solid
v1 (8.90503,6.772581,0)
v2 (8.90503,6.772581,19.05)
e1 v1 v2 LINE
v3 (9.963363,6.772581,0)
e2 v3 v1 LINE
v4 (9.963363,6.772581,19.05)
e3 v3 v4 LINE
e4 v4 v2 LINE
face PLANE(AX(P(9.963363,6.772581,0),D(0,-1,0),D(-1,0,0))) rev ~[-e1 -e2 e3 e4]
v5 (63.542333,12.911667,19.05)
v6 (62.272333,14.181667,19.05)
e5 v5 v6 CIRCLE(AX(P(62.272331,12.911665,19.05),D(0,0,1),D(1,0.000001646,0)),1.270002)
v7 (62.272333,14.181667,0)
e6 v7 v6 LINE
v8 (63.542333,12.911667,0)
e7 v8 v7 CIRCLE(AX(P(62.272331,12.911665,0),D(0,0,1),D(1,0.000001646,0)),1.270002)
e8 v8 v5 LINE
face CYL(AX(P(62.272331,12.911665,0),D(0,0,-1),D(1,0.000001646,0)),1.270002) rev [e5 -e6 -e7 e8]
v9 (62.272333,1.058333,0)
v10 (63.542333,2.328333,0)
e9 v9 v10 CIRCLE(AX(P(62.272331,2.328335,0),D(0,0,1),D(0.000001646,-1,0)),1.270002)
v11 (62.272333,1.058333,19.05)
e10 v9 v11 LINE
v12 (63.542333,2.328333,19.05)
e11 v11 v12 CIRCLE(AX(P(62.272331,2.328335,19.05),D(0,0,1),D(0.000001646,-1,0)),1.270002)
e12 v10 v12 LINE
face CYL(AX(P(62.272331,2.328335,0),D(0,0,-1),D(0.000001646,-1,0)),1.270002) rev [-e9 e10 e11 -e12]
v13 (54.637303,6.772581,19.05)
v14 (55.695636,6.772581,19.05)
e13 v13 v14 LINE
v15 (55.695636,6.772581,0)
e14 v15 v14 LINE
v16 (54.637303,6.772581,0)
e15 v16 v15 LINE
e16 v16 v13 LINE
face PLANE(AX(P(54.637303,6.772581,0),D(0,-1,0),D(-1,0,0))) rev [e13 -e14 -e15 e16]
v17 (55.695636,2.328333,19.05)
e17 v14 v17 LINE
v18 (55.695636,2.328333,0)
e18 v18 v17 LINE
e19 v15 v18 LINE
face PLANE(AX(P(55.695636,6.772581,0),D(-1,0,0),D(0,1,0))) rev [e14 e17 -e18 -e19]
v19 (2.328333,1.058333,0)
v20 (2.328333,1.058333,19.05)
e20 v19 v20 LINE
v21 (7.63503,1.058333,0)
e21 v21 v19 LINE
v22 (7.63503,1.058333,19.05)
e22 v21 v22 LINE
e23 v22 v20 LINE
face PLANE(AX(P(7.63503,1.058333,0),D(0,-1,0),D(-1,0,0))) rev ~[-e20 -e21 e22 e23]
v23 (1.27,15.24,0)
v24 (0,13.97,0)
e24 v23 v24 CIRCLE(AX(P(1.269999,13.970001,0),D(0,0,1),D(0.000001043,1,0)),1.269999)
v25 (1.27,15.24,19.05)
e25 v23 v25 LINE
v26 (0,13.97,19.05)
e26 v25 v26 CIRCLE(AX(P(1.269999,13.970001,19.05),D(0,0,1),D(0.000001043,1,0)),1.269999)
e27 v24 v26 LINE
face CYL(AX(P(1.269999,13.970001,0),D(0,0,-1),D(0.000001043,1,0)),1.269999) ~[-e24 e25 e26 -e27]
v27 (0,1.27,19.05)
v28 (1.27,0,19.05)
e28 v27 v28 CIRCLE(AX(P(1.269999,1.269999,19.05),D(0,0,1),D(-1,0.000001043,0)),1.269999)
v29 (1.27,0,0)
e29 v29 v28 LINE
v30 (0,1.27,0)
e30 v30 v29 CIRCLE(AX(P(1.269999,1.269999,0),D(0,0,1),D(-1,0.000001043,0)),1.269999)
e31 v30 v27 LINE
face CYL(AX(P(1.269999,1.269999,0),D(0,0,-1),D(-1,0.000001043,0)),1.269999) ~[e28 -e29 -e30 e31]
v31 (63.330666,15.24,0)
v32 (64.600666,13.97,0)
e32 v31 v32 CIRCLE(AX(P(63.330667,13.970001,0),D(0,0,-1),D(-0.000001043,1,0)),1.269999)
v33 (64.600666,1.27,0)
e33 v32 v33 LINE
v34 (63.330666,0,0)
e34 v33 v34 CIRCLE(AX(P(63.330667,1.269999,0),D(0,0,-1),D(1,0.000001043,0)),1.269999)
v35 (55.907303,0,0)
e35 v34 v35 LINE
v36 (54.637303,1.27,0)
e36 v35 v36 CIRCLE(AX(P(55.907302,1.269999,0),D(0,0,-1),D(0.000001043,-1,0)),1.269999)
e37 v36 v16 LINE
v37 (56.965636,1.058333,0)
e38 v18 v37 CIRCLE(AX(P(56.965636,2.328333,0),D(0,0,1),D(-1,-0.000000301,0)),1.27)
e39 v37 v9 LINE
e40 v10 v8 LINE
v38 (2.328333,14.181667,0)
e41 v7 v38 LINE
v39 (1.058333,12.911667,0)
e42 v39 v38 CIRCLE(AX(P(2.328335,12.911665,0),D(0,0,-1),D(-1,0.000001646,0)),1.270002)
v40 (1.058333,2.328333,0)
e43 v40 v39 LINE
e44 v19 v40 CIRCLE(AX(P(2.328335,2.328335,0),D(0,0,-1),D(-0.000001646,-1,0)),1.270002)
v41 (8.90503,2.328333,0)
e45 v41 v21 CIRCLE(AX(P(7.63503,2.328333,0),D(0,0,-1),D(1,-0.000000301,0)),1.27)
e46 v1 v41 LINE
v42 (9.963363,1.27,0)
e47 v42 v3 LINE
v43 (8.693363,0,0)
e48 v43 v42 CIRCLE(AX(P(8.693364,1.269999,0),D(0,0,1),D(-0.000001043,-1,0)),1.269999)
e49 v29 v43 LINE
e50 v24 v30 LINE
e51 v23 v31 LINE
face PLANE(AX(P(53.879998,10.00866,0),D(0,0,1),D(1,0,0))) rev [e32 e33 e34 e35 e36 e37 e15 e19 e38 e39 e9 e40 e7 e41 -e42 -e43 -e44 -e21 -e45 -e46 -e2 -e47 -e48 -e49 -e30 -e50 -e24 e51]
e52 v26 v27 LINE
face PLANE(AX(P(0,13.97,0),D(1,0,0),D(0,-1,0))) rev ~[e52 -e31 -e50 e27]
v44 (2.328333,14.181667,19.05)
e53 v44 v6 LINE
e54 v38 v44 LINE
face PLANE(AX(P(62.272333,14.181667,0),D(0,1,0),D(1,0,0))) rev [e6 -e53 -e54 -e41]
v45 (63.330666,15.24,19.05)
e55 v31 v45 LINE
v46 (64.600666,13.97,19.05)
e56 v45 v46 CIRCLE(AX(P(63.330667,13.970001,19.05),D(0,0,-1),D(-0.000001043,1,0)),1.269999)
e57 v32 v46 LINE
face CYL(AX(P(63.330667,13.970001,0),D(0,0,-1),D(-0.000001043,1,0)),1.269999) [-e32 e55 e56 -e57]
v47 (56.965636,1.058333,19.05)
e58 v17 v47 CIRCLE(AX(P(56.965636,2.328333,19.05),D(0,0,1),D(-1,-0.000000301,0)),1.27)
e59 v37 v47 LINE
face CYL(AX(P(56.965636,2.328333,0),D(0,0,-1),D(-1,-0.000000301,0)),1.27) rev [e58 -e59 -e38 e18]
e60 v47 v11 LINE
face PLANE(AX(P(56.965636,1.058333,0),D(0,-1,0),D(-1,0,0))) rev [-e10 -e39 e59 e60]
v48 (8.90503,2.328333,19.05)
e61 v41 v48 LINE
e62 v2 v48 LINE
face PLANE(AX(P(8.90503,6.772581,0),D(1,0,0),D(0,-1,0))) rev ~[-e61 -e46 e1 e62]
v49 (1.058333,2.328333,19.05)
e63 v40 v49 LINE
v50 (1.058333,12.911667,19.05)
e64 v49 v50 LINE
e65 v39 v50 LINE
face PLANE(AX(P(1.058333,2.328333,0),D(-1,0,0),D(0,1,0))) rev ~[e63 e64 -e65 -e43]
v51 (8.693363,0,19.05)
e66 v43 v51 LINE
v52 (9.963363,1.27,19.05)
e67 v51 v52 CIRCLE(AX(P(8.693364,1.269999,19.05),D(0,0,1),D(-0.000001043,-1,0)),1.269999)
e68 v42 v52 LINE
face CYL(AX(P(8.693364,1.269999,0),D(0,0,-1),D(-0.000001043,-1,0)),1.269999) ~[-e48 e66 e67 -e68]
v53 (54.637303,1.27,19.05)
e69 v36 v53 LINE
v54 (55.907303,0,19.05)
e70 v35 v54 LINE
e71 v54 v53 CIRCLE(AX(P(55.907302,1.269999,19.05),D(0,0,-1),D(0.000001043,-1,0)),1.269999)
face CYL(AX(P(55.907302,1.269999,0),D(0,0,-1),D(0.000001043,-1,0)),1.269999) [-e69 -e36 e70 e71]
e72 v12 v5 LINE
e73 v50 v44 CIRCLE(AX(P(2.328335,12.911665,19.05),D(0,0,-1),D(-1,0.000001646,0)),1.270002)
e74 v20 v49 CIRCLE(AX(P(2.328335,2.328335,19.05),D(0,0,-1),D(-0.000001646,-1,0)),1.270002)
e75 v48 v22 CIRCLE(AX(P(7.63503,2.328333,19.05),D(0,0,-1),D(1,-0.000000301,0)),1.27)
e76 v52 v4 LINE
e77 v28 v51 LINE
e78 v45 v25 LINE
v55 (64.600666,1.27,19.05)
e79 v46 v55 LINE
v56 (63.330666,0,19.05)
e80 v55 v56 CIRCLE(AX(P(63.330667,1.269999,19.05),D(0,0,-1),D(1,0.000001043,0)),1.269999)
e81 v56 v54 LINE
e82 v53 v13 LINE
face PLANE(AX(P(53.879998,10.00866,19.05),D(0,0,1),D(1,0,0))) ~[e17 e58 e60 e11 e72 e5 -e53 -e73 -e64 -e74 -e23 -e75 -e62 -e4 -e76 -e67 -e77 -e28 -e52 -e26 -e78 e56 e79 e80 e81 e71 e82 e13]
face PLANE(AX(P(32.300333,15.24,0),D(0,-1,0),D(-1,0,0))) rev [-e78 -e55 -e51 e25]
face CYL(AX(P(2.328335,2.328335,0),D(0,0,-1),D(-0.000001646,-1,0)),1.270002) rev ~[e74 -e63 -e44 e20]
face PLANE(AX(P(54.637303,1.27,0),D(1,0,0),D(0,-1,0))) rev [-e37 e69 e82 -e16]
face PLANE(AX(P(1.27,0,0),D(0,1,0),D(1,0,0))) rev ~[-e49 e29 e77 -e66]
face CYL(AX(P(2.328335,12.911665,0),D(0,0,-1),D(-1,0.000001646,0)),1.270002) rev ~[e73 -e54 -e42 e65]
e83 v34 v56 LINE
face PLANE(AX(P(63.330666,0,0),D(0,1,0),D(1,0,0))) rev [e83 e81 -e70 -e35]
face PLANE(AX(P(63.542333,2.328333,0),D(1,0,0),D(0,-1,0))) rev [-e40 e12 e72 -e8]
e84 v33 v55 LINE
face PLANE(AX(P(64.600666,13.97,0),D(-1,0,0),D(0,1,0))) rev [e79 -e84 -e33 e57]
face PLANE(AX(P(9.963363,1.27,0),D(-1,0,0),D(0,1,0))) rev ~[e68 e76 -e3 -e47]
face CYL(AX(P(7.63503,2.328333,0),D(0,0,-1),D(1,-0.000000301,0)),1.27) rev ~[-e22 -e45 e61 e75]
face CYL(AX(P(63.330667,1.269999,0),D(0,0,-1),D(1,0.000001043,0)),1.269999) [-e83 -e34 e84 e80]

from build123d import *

# Parameters (mm, degrees)
F1_DEPTH = 19.05


with BuildPart() as f1:
    # F0 (on Top) → F1 (new body)
    with BuildSketch(Plane.XY):
        with BuildLine():
            ThreePointArc((0, 1.27), (0.371974, 0.371974), (1.27, 0))
            Line((1.27, 0), (8.693363, 0))
            ThreePointArc((8.693363, 0), (9.591389, 0.371974), (9.963363, 1.27))
            Line((9.963363, 1.27), (9.963363, 6.772581))
            Line((9.963363, 6.772581), (8.90503, 6.772581))
            Line((8.90503, 6.772581), (8.90503, 2.328333))
            ThreePointArc((8.90503, 2.328333), (8.533056, 1.430308), (7.63503, 1.058333))
            Line((7.63503, 1.058333), (2.328333, 1.058333))
            ThreePointArc((2.328333, 1.058333), (1.430308, 1.430308), (1.058333, 2.328333))
            Line((1.058333, 2.328333), (1.058333, 12.911667))
            ThreePointArc((1.058333, 12.911667), (1.430308, 13.809692), (2.328333, 14.181667))
            Line((2.328333, 14.181667), (32.300333, 14.181667))
            Line((32.300333, 14.181667), (32.300333, 15.24))
            Line((32.300333, 15.24), (1.27, 15.24))
            ThreePointArc((1.27, 15.24), (0.371974, 14.868026), (0, 13.97))
            Line((0, 13.97), (0, 1.27))
        make_face()
    extrude(amount=F1_DEPTH)

    # F2: F1 across face


with BuildPart() as f1_1:
    add(f1.part)
    add(f1.part.mirror(Plane(origin=(32.300333, 14.710833, 9.525), x_dir=(0, 1, 0), z_dir=(1, 0, 0))))


solid = f1_1.part
